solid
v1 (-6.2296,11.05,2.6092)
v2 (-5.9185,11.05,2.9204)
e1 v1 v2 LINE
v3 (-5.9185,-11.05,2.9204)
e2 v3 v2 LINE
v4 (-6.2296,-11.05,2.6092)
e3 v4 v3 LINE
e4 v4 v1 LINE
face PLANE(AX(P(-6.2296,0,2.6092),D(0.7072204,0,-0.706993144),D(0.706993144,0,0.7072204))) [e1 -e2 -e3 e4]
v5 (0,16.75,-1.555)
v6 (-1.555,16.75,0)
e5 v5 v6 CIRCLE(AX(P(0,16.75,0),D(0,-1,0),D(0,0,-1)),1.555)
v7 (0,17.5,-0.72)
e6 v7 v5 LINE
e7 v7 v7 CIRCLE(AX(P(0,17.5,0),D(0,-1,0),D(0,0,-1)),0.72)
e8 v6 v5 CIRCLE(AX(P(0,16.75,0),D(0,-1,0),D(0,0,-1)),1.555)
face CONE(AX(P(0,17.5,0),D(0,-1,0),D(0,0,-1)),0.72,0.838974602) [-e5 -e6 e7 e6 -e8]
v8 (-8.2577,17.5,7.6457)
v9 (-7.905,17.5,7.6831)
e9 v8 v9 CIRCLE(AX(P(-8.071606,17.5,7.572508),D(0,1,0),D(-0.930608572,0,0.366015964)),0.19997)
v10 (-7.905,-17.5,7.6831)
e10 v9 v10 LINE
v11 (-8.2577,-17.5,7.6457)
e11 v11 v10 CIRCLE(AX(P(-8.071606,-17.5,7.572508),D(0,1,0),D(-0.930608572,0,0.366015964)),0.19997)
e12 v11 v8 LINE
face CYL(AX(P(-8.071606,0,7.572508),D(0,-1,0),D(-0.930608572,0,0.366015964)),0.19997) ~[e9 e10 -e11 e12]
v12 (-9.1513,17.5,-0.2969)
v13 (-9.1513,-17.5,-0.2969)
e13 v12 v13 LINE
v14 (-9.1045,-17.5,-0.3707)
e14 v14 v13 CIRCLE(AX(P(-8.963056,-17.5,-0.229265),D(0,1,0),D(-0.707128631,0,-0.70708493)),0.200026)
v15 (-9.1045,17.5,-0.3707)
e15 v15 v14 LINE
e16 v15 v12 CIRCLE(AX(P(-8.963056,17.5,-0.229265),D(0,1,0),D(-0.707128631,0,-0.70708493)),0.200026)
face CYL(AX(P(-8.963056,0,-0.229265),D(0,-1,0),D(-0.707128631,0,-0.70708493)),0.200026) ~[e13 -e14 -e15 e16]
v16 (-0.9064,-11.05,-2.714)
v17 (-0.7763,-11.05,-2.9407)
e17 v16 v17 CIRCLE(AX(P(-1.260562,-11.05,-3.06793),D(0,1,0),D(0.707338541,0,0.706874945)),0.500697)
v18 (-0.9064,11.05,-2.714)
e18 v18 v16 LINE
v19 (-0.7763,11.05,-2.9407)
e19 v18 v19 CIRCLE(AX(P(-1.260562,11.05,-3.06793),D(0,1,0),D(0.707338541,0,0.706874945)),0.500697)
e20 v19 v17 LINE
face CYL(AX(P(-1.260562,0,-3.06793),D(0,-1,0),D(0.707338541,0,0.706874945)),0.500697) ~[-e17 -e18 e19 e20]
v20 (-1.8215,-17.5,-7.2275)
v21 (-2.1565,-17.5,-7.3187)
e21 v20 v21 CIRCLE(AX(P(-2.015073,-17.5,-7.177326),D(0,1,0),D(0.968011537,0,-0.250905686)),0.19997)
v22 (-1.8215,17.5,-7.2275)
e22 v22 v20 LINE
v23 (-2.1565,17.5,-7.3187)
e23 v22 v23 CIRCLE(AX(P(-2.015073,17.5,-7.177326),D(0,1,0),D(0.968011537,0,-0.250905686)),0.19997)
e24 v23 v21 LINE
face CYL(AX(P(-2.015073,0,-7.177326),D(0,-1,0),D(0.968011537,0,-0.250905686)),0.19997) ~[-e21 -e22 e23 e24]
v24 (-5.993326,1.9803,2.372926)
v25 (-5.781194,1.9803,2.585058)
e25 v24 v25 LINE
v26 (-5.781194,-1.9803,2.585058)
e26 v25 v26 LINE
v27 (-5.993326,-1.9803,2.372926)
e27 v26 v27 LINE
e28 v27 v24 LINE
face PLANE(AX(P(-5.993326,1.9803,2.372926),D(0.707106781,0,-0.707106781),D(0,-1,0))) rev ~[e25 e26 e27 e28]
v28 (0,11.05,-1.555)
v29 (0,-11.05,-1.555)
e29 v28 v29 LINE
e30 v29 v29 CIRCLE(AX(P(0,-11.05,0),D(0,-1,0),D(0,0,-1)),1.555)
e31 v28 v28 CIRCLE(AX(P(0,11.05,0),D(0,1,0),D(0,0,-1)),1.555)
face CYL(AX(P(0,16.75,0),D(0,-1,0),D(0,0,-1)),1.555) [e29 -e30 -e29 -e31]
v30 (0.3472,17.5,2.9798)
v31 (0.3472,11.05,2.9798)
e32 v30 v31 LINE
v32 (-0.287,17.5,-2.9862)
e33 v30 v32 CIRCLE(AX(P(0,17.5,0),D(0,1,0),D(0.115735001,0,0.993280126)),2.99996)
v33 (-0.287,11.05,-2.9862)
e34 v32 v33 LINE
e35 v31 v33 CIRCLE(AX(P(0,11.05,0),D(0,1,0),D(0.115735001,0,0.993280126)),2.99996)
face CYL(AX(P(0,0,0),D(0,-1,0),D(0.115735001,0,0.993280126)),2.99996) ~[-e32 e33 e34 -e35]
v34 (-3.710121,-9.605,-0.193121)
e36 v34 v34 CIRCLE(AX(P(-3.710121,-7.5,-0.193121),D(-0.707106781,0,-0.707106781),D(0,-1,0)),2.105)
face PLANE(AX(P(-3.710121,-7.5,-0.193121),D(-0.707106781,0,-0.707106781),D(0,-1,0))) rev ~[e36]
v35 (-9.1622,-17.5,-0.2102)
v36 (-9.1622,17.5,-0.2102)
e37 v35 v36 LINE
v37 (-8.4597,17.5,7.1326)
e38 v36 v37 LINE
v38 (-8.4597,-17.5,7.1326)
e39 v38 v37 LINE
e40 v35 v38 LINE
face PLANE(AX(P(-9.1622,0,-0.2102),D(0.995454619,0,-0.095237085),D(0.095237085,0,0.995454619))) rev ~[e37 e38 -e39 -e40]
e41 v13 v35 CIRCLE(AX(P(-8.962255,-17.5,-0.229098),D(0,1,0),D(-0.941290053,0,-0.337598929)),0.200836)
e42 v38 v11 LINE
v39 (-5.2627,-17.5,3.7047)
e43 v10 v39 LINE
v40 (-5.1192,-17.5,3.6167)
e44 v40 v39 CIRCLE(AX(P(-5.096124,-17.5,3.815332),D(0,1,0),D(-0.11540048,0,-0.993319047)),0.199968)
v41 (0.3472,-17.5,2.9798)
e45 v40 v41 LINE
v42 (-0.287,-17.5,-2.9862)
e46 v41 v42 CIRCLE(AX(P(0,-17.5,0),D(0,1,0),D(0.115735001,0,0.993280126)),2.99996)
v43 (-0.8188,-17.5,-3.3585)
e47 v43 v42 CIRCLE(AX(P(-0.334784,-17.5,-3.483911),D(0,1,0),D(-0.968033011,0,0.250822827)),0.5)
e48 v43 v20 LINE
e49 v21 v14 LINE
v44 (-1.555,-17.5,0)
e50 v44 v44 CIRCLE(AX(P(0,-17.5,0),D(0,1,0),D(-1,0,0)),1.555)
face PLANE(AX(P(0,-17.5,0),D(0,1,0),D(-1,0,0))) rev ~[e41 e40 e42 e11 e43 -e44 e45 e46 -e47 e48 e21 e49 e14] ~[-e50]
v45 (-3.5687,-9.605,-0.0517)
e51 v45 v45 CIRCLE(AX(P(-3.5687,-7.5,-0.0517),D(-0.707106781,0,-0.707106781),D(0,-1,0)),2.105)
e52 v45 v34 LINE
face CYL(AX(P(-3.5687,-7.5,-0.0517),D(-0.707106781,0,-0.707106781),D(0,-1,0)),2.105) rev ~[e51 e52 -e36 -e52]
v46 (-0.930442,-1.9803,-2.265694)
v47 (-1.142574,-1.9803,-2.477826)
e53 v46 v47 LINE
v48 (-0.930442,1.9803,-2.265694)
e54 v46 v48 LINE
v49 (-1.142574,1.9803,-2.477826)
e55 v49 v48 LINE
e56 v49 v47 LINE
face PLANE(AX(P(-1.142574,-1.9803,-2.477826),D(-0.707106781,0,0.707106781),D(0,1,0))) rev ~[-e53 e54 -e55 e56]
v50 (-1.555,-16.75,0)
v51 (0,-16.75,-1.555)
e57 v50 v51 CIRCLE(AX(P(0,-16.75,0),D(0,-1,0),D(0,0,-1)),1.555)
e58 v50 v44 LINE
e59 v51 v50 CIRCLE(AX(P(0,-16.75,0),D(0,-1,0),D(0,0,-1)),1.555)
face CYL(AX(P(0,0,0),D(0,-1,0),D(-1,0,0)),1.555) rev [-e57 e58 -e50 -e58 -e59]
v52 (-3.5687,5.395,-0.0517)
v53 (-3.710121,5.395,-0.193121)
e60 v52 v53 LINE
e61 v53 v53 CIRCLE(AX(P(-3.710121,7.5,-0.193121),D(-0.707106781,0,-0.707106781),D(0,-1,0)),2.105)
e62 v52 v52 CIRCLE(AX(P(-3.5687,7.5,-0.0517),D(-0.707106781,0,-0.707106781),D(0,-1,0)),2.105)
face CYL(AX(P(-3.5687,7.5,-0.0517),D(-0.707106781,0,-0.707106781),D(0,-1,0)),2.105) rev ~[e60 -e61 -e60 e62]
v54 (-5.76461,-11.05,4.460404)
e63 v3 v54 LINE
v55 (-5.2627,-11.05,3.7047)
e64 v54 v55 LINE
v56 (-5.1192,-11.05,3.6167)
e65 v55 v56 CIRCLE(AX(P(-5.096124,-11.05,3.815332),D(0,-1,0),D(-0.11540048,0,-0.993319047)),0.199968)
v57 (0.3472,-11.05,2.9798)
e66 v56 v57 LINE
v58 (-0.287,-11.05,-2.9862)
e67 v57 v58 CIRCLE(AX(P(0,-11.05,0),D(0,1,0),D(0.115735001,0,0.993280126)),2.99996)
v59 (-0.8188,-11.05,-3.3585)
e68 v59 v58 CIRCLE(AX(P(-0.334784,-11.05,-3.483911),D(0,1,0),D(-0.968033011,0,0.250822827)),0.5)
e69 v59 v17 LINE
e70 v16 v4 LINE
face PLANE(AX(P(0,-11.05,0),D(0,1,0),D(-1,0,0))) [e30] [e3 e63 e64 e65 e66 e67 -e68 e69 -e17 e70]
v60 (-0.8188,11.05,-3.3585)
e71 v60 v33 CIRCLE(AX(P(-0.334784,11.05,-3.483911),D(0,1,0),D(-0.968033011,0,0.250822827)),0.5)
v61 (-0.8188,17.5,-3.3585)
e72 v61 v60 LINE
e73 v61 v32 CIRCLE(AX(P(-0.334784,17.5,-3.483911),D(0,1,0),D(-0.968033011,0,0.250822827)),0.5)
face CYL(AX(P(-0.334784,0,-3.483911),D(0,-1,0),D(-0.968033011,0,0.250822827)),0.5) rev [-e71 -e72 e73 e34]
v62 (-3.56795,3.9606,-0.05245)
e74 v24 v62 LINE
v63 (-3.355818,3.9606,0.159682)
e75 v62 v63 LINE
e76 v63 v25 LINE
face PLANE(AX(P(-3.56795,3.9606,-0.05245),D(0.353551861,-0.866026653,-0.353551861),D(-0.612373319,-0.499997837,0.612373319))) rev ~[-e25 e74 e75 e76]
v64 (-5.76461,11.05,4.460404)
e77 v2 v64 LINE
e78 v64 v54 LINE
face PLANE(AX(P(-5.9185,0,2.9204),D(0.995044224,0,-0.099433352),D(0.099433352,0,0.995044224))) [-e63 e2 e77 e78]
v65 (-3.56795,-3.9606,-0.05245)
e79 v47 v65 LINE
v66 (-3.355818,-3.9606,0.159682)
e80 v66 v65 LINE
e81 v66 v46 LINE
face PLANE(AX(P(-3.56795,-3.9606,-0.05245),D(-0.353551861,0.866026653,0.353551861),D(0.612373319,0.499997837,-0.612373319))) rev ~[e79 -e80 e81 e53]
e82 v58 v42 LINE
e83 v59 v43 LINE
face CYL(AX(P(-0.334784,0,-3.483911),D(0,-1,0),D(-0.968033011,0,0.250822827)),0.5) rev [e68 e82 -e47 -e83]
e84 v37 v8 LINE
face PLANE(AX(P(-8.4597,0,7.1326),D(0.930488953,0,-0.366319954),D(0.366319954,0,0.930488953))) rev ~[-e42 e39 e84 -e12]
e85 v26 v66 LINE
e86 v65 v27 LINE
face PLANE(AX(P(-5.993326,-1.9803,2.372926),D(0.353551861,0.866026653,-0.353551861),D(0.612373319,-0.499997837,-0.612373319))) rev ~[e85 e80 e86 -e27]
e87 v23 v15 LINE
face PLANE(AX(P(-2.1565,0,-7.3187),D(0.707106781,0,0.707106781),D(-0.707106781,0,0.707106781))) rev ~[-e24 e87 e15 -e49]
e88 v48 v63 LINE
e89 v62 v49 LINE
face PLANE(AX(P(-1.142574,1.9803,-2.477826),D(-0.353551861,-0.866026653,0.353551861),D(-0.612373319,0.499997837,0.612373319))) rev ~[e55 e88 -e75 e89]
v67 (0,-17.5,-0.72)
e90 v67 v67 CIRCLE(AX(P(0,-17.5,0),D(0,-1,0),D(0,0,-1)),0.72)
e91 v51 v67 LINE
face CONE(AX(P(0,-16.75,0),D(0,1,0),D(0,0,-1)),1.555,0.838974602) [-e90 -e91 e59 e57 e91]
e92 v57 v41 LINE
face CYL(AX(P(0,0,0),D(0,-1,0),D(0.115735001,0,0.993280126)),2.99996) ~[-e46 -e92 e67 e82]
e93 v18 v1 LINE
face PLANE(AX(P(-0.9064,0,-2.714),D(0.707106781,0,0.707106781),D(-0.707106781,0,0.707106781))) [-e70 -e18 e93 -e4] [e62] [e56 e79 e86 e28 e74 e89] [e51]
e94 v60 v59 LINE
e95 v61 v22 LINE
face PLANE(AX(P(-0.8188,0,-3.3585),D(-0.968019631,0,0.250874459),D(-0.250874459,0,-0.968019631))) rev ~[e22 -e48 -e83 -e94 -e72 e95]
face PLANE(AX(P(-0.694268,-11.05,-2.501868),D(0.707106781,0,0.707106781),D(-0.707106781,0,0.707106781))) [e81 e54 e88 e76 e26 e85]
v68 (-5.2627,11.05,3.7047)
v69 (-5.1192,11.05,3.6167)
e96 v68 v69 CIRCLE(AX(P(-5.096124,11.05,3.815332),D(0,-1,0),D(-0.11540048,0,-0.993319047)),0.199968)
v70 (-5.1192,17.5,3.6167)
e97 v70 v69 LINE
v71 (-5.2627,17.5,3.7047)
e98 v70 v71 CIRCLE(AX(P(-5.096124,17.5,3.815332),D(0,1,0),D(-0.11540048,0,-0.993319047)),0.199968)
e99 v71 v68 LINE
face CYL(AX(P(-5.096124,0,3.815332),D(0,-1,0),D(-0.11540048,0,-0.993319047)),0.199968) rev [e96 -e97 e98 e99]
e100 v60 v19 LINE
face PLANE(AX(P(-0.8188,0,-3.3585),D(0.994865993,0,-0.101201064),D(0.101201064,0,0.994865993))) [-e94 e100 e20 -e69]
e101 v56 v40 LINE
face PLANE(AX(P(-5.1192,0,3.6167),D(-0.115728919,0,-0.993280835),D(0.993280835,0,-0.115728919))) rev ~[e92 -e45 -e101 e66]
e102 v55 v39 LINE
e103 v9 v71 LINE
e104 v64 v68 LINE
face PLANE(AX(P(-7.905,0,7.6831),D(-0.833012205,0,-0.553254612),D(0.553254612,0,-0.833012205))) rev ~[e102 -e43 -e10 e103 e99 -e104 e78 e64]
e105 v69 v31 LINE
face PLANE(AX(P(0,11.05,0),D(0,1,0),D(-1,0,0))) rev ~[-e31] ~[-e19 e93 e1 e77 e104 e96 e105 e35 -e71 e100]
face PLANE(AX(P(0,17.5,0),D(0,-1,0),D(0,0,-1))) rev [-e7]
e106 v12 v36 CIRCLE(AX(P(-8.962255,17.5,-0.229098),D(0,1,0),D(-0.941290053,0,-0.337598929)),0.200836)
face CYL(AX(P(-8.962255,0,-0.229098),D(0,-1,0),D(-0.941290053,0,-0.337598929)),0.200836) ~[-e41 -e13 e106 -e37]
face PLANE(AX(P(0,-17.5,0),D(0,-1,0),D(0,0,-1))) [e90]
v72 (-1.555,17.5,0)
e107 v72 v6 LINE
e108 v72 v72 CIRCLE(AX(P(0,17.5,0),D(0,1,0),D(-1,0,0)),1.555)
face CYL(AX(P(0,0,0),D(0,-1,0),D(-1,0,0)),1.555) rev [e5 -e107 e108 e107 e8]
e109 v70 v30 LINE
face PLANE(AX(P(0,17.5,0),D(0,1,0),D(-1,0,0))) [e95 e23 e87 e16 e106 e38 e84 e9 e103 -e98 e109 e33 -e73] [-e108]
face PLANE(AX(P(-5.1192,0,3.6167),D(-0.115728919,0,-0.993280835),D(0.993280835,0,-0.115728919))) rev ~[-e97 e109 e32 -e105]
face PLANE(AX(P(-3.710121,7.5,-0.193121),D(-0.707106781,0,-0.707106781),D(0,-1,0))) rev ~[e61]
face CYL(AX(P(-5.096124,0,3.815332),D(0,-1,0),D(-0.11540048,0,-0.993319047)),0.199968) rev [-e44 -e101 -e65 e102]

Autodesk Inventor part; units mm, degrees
sketch "Sketch_1" plane through (0, 0, 0) normal (0, 1, 0) x (-1, 0, 0)
  line L0 (9.1622, -0.2102) -> (8.4597, 7.1326)
  line L1 (8.4597, 7.1326) -> (8.2577, 7.6457)
  arc A0 (8.2577, 7.6457) -> (7.905, 7.6831) centre (8.0716, 7.5725) ccw
  line L2 (7.905, 7.6831) -> (5.2627, 3.7047)
  arc A1 (5.1192, 3.6167) -> (5.2627, 3.7047) centre (5.0961, 3.8154) ccw
  line L3 (5.1192, 3.6167) -> (-0.3472, 2.9798)
  arc A2 (-0.3472, 2.9798) -> (0.287, -2.9862) centre (0, 0) ccw
  arc A3 (0.8188, -3.3585) -> (0.287, -2.9862) centre (0.3348, -3.4839) ccw
  line L4 (0.8188, -3.3585) -> (1.8215, -7.2275)
  arc A4 (1.8215, -7.2275) -> (2.1565, -7.3187) centre (2.0151, -7.1773) ccw
  line L5 (2.1565, -7.3187) -> (9.1045, -0.3707)
  arc A5 (9.1045, -0.3707) -> (9.1513, -0.2969) centre (8.9631, -0.2293) ccw
  arc A6 (9.1513, -0.2969) -> (9.1622, -0.2102) centre (8.9631, -0.2293) ccw
  circle A7 centre (0, 0) radius 1.555
extrude "Extrusion1" add sketch "Sketch_1" along normal mid plane 35
sketch "Sketch_2" plane through (0, 0, 0) normal (0, 1, 0) x (-1, 0, 0)
  line L0 (6.2296, 2.6092) -> (5.9185, 2.9204)
  line L1 (5.9185, 2.9204) -> (5.7646, 4.4605)
  line L2 (5.7646, 4.4605) -> (5.2627, 3.7047)
  line L3 (5.2627, 3.7047) -> (5.1192, 3.6167)
  line L4 (5.1192, 3.6167) -> (-0.3472, 2.9798)
  arc A0 (-0.3472, 2.9798) -> (0.287, -2.9862) centre (0, 0) ccw
  arc A1 (0.8188, -3.3585) -> (0.287, -2.9862) centre (0.3348, -3.4839) ccw
  line L5 (0.8188, -3.3585) -> (0.7763, -2.9407)
  arc A2 (0.9064, -2.714) -> (0.7763, -2.9407) centre (1.26, -3.0675) ccw
  line L6 (0.9064, -2.714) -> (6.2296, 2.6092)
extrude "Extrusion2" cut sketch "Sketch_2" along normal mid plane 22.1
sketch "Sketch_3" plane through (-0.9064, -11.05, -2.714) normal (0.7071, 0, 0.7071) x (-0.7071, 0, 0.7071)
  line L0 (0.334, -13.0303) -> (3.764, -15.0106)
  line L1 (3.764, -15.0106) -> (7.194, -13.0303)
  line L2 (7.194, -13.0303) -> (7.194, -9.0697)
  line L3 (7.194, -9.0697) -> (3.764, -7.0894)
  line L4 (3.764, -7.0894) -> (0.334, -9.0697)
  line L5 (0.334, -9.0697) -> (0.334, -13.0303)
extrude "Extrusion3" add sketch "Sketch_3" along normal mid plane 0.6
sketch "Sketch_4" plane through (0, 0, 0) normal (1, 0, 0) x (0, 1, 0)
  line L0 (-17.5, 0) -> (17.5, 0)
  line L1 (17.5, 0) -> (17.5, -0.72)
  line L2 (17.5, -0.72) -> (16.75, -1.555)
  line L3 (16.75, -1.555) -> (-16.75, -1.555)
  line L4 (-16.75, -1.555) -> (-17.5, -0.72)
  line L5 (-17.5, -0.72) -> (-17.5, 0)
  line L6 (-17.5, 0) -> (17.5, 0)
revolve "Revolution1" add sketch "Sketch_4" angle 360 about axis through (0, -17.5, 0) along (0, -1, 0)
sketch "Sketch5" plane through (-6.2296, -11.05, 2.6092) normal (0.7071, 0, 0.7071) x (0.7071, 0, -0.7071)
  point P0 (3.7632, 3.55)
hole "Hole1" at (-3.5687, -7.5, -0.0517) direction (-0.7071, 0, -0.7071) diameter 4.21 depth 0.2
sketch "Sketch6" plane through (-6.2296, -11.05, 2.6092) normal (0.7071, 0, 0.7071) x (0.7071, 0, -0.7071)
  point P0 (3.7632, 18.55)
hole "Hole2" at (-3.5687, 7.5, -0.0517) direction (-0.7071, 0, -0.7071) diameter 4.21 depth 0.2
ref_plane "to_bolt_XY" through (-3.5679, 0, -0.0524) normal (0.7071, 0, 0.7071) x (-0.7071, 0, 0.7071)
ref_plane "to_bolt_YZ" through (-3.5679, 0, -0.0524) normal (-0.7071, 0, 0.7071) x (0, -1, 0)
ref_plane "to_bolt_ZX" through (-3.5679, 0, -0.0524) normal (0, -1, 0) x (0.7071, 0, 0.7071)
ref_plane "to_door_XY" through (0, 0, 0) normal (0, 1, 0) x (1, 0, 0)
ref_plane "to_door_YZ" through (0, 0, 0) normal (1, 0, 0) x (0, 0, -1)
ref_plane "to_door_ZX" through (0, 0, 0) normal (0, 0, -1) x (0, 1, 0)
ref_plane "to_frame_XY" through (-5.6305, 0, -3.8447) normal (0.7071, 0, 0.7071) x (0.7071, 0, -0.7071)
ref_plane "to_frame_YZ" through (-5.6305, 0, -3.8447) normal (0.7071, 0, -0.7071) x (0, 1, 0)
ref_plane "to_frame_ZX" through (-5.6305, 0, -3.8447) normal (0, 1, 0) x (0.7071, 0, 0.7071)
properties part number "JB_HINGE"
